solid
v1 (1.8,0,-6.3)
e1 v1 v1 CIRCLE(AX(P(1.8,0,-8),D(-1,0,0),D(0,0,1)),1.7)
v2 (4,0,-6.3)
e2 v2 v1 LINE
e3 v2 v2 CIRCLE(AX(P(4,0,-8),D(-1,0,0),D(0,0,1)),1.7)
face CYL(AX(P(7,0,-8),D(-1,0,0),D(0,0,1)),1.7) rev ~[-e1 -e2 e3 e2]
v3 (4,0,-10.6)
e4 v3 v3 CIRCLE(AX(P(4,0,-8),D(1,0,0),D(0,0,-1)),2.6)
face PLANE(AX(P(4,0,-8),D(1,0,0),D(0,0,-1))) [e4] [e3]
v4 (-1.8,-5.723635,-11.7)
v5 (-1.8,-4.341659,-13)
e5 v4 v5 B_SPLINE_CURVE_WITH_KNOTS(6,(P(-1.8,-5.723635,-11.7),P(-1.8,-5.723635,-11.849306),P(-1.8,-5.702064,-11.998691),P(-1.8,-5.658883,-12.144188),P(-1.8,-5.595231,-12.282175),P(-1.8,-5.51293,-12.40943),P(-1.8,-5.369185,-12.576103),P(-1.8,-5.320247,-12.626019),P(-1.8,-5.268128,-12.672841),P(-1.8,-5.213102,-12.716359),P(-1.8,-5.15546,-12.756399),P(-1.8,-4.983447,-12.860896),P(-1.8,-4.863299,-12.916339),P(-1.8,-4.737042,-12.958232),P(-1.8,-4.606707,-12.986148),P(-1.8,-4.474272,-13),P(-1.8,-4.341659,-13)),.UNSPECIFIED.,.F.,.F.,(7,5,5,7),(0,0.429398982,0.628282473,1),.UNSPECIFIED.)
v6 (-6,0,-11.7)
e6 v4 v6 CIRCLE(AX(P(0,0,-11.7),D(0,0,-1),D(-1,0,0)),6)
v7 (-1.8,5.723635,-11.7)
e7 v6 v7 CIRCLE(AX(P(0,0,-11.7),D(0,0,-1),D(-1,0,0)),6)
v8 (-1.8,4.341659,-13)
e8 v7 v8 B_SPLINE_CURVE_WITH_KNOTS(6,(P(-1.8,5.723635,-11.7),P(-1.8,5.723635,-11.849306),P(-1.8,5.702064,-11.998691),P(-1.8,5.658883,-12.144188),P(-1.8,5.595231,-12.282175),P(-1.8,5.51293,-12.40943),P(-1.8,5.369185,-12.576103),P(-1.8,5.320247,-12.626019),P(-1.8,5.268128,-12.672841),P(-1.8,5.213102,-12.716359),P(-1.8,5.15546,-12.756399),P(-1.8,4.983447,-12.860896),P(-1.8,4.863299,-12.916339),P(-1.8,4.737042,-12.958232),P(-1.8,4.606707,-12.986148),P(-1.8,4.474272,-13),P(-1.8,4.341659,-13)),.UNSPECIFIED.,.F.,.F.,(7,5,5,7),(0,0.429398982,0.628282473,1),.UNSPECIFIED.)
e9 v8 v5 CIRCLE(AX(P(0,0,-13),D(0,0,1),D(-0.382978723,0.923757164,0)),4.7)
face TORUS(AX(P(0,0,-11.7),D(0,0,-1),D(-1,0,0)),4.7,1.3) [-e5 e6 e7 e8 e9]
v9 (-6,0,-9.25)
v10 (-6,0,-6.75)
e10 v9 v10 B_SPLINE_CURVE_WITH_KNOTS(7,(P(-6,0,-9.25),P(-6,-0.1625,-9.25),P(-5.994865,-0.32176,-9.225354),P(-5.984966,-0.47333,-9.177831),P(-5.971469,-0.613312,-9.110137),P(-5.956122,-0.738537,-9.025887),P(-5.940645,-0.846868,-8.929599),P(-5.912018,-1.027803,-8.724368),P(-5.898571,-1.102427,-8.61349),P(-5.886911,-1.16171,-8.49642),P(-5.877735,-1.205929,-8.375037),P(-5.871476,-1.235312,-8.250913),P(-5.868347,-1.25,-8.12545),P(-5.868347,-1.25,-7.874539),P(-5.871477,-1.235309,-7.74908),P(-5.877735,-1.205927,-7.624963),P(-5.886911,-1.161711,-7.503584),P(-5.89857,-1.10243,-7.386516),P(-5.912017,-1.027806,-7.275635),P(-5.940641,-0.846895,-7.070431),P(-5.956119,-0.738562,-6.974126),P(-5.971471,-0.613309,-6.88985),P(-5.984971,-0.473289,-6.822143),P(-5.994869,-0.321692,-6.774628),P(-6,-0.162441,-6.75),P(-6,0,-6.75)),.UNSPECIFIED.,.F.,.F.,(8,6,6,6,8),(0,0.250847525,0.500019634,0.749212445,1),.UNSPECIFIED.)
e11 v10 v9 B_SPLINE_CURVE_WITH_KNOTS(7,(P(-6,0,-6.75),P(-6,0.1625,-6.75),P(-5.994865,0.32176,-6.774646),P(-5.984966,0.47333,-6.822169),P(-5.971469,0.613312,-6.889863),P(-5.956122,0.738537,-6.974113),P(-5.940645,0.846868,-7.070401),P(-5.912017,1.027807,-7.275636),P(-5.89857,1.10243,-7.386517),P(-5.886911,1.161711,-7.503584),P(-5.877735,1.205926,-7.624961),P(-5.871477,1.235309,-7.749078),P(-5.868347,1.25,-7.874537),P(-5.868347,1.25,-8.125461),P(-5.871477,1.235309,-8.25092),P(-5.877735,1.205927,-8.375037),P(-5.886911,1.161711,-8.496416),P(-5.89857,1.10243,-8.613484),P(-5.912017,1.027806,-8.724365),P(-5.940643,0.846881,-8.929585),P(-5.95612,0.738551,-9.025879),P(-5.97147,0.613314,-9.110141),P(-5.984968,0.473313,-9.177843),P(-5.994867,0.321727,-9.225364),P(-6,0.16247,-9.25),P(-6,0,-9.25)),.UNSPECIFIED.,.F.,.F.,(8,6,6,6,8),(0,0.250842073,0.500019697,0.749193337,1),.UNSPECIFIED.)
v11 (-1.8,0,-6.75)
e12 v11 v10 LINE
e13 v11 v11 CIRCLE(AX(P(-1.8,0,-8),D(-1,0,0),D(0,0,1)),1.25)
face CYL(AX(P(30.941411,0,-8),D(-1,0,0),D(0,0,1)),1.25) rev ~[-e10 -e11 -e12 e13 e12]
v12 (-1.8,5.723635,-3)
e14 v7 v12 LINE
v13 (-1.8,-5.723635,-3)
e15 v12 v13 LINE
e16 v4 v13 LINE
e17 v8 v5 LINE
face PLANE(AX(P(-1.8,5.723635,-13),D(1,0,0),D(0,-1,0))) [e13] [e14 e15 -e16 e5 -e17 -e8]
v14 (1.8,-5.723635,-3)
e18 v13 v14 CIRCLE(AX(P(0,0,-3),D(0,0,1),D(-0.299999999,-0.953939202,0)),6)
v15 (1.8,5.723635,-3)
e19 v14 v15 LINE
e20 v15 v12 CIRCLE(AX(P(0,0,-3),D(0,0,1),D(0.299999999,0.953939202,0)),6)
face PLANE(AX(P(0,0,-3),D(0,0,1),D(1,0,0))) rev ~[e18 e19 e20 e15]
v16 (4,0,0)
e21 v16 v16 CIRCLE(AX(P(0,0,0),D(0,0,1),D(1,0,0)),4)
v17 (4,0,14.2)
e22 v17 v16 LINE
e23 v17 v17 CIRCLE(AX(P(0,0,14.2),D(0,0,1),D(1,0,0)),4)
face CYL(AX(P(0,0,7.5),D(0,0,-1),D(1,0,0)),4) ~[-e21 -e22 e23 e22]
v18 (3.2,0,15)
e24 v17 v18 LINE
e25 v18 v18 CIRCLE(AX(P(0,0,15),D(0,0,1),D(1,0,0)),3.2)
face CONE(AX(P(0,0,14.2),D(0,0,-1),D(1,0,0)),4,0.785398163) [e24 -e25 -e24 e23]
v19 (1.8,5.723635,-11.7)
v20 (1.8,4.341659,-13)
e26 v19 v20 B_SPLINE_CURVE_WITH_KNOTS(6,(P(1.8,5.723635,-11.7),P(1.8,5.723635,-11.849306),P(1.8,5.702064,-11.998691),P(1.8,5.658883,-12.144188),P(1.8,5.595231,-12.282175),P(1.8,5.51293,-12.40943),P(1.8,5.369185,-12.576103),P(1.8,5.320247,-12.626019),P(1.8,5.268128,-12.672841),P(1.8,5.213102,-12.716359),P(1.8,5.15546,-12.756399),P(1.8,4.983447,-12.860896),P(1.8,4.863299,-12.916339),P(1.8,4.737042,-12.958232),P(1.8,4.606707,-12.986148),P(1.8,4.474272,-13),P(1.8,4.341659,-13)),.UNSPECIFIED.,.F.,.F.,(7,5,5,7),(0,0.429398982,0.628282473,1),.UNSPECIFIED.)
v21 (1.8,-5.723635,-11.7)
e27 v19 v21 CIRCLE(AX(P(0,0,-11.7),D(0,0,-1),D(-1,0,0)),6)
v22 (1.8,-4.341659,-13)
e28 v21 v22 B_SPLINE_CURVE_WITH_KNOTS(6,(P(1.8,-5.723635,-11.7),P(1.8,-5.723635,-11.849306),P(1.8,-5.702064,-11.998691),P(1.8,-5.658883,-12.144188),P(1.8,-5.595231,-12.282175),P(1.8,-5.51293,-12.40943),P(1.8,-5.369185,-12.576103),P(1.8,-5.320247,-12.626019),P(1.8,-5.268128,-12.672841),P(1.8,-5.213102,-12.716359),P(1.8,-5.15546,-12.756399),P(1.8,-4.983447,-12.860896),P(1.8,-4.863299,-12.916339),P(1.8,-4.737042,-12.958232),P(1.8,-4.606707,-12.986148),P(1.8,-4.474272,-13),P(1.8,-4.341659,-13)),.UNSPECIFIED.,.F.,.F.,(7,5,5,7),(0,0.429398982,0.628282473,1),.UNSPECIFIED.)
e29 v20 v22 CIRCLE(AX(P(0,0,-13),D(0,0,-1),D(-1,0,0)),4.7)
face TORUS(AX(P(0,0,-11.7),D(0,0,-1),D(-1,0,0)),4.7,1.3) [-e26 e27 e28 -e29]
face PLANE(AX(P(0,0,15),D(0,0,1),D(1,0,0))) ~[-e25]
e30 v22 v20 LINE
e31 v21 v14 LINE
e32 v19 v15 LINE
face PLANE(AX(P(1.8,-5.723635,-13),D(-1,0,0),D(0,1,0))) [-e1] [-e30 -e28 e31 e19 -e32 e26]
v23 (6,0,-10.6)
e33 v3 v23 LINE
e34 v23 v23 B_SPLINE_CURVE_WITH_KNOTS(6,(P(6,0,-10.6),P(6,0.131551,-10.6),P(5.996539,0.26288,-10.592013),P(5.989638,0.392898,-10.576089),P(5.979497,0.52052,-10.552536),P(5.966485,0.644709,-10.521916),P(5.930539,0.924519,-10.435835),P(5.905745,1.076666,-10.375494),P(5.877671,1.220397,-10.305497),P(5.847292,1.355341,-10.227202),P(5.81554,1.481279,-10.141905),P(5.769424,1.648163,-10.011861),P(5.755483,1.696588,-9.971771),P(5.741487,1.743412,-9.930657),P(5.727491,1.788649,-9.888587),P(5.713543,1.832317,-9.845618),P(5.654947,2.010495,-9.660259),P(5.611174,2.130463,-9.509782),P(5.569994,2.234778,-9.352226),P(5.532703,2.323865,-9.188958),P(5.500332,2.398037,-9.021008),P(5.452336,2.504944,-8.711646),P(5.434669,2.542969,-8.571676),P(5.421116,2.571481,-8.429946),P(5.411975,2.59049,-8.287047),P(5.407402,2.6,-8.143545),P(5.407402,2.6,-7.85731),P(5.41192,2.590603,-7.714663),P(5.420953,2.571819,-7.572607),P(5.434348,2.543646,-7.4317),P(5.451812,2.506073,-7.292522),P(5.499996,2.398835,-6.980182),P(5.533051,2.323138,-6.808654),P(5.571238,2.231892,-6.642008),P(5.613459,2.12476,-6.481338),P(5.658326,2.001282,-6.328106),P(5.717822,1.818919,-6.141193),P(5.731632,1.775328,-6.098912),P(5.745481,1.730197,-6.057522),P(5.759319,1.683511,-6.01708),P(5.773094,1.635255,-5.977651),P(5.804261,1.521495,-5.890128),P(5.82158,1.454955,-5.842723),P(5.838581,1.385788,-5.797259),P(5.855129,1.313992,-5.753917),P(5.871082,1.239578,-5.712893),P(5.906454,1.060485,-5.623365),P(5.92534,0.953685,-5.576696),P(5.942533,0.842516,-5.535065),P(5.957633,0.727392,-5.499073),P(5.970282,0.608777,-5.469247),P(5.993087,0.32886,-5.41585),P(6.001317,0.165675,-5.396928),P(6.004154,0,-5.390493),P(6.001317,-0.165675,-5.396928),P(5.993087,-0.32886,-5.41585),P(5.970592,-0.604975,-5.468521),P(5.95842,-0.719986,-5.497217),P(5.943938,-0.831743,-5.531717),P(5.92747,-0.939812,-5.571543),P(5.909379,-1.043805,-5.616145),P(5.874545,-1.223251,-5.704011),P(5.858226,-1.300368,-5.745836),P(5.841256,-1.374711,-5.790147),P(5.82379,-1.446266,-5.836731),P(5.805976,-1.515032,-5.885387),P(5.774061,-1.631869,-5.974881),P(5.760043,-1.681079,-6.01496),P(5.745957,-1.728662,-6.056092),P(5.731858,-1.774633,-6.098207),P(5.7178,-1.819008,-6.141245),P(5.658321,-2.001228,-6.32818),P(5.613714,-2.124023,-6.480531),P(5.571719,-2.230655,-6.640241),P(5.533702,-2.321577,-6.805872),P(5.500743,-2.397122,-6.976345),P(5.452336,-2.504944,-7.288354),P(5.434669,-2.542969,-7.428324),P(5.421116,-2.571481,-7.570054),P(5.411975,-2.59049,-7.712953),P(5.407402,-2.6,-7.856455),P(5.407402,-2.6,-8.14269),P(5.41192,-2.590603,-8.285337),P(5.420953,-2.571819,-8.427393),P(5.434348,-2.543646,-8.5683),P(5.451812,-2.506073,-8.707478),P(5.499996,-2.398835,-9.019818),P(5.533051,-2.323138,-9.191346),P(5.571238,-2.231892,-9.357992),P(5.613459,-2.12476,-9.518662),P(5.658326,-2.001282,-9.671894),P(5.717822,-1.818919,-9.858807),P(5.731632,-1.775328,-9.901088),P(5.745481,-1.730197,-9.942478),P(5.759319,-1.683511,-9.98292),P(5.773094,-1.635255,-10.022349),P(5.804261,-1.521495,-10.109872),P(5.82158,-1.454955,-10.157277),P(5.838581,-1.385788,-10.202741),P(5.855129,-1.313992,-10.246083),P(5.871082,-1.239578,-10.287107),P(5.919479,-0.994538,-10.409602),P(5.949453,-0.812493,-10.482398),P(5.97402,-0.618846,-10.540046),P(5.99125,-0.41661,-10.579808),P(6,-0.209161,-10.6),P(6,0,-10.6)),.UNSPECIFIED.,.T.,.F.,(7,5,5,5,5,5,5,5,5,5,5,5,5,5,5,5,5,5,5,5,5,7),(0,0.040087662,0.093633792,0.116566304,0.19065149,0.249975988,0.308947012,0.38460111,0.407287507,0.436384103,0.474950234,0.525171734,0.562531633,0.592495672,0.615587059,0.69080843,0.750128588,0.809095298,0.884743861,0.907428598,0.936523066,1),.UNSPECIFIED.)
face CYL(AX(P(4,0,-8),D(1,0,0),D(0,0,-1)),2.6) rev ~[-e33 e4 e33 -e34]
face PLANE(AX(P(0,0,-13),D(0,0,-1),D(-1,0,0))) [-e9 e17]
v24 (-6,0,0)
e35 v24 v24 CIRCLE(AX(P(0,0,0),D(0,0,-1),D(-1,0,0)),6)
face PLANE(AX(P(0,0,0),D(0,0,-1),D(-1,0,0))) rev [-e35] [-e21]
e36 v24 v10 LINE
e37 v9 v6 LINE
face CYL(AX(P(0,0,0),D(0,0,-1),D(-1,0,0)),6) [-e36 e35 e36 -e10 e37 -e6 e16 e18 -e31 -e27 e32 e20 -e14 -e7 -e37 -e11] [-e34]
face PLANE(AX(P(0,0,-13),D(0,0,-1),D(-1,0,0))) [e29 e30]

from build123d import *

# Parameters (mm, degrees)
ESQUISSE3_W                                        = 4
ESQUISSE3_H                                        = 15
CHANFREIN1_SIZE                                    = 0.8
ENL_V_MAT_EXTRU_3_DEPTH                            = 10
CHAMBRAGE_POUR_VIS_T_TE_HEXAGONALE_M31_D           = 3.4
CHAMBRAGE_POUR_VIS_T_TE_HEXAGONALE_M31_DEPTH       = 8
CHAMBRAGE_POUR_VIS_T_TE_HEXAGONALE_M31_CBORE_D     = 5.2
CHAMBRAGE_POUR_VIS_T_TE_HEXAGONALE_M31_CBORE_DEPTH = 3
CHAMBRAGE_POUR_VIS_T_TE_HEXAGONALE_M31_TIP         = 1.021463052
TROU_TARAUD_M31_D                                  = 2.5


with BuildPart() as part:
    # Esquisse1 → Base-Révolution (revolve)
    with BuildSketch(Plane(origin=(0, 0, 0), x_dir=(1, 0, 0), z_dir=(0, 1, 0))):
        with BuildLine():
            Line((0, 0), (6, 0))
            Line((6, 0), (6, 11.7))
            ThreePointArc((6, 11.7), (5.619238816, 12.619238816), (4.7, 13))
            Line((4.7, 13), (0, 13))
            Line((0, 13), (0, 0))
        make_face()
    revolve(axis=Axis((0, 0, 0), (0, 0, -1)))

    # Esquisse3 → Boss.-Révol.1 (revolve)
    with BuildSketch(Plane(origin=(0, 0, 0), x_dir=(1, 0, 0), z_dir=(0, 1, 0))):
        with Locations((2, -7.5)):
            Rectangle(ESQUISSE3_W, ESQUISSE3_H)
    revolve(axis=Axis((0, 0, 0), (0, 0, 1)))

    # Chanfrein1
    chanfrein1_edges = [part.edges().sort_by_distance(p)[0] for p in [
        (-4, 0, 15),
    ]]
    chamfer(chanfrein1_edges, length=CHANFREIN1_SIZE)

    # Esquisse2 → Enlèv. mat.-Extru.3 (cut)
    with BuildSketch(Plane.XY.offset(-13)):
        with BuildLine():
            Line((1.8, -5.723635209), (1.8, 5.723635209))
            ThreePointArc((1.8, 5.723635209), (0, 6), (-1.8, 5.723635209))
            Line((-1.8, 5.723635209), (-1.8, -5.723635209))
            ThreePointArc((-1.8, -5.723635209), (0, -6), (1.8, -5.723635209))
        make_face()
    extrude(amount=ENL_V_MAT_EXTRU_3_DEPTH, mode=Mode.SUBTRACT)

    # Chambrage pour vis à tête hexagonale M31
    with Locations(Plane(origin=(7, 0, 0), x_dir=(0, 0, -1), z_dir=(1, 0, 0))):
        with Locations((8, 0)):
            CounterBoreHole(CHAMBRAGE_POUR_VIS_T_TE_HEXAGONALE_M31_D / 2, CHAMBRAGE_POUR_VIS_T_TE_HEXAGONALE_M31_CBORE_D / 2, CHAMBRAGE_POUR_VIS_T_TE_HEXAGONALE_M31_CBORE_DEPTH, depth=CHAMBRAGE_POUR_VIS_T_TE_HEXAGONALE_M31_DEPTH)
            with Locations((0, 0, -(CHAMBRAGE_POUR_VIS_T_TE_HEXAGONALE_M31_DEPTH + CHAMBRAGE_POUR_VIS_T_TE_HEXAGONALE_M31_TIP / 2))):  # 118° drill point
                Cone(0, CHAMBRAGE_POUR_VIS_T_TE_HEXAGONALE_M31_D / 2, CHAMBRAGE_POUR_VIS_T_TE_HEXAGONALE_M31_TIP, mode=Mode.SUBTRACT)

    # Trou taraudé M31 (through all)
    with Locations(Plane(origin=(-1.8, 0, 0), x_dir=(0, 0, -1), z_dir=(1, 0, 0))):
        with Locations((8, 0)):
            Hole(TROU_TARAUD_M31_D / 2)


solid = part.part
